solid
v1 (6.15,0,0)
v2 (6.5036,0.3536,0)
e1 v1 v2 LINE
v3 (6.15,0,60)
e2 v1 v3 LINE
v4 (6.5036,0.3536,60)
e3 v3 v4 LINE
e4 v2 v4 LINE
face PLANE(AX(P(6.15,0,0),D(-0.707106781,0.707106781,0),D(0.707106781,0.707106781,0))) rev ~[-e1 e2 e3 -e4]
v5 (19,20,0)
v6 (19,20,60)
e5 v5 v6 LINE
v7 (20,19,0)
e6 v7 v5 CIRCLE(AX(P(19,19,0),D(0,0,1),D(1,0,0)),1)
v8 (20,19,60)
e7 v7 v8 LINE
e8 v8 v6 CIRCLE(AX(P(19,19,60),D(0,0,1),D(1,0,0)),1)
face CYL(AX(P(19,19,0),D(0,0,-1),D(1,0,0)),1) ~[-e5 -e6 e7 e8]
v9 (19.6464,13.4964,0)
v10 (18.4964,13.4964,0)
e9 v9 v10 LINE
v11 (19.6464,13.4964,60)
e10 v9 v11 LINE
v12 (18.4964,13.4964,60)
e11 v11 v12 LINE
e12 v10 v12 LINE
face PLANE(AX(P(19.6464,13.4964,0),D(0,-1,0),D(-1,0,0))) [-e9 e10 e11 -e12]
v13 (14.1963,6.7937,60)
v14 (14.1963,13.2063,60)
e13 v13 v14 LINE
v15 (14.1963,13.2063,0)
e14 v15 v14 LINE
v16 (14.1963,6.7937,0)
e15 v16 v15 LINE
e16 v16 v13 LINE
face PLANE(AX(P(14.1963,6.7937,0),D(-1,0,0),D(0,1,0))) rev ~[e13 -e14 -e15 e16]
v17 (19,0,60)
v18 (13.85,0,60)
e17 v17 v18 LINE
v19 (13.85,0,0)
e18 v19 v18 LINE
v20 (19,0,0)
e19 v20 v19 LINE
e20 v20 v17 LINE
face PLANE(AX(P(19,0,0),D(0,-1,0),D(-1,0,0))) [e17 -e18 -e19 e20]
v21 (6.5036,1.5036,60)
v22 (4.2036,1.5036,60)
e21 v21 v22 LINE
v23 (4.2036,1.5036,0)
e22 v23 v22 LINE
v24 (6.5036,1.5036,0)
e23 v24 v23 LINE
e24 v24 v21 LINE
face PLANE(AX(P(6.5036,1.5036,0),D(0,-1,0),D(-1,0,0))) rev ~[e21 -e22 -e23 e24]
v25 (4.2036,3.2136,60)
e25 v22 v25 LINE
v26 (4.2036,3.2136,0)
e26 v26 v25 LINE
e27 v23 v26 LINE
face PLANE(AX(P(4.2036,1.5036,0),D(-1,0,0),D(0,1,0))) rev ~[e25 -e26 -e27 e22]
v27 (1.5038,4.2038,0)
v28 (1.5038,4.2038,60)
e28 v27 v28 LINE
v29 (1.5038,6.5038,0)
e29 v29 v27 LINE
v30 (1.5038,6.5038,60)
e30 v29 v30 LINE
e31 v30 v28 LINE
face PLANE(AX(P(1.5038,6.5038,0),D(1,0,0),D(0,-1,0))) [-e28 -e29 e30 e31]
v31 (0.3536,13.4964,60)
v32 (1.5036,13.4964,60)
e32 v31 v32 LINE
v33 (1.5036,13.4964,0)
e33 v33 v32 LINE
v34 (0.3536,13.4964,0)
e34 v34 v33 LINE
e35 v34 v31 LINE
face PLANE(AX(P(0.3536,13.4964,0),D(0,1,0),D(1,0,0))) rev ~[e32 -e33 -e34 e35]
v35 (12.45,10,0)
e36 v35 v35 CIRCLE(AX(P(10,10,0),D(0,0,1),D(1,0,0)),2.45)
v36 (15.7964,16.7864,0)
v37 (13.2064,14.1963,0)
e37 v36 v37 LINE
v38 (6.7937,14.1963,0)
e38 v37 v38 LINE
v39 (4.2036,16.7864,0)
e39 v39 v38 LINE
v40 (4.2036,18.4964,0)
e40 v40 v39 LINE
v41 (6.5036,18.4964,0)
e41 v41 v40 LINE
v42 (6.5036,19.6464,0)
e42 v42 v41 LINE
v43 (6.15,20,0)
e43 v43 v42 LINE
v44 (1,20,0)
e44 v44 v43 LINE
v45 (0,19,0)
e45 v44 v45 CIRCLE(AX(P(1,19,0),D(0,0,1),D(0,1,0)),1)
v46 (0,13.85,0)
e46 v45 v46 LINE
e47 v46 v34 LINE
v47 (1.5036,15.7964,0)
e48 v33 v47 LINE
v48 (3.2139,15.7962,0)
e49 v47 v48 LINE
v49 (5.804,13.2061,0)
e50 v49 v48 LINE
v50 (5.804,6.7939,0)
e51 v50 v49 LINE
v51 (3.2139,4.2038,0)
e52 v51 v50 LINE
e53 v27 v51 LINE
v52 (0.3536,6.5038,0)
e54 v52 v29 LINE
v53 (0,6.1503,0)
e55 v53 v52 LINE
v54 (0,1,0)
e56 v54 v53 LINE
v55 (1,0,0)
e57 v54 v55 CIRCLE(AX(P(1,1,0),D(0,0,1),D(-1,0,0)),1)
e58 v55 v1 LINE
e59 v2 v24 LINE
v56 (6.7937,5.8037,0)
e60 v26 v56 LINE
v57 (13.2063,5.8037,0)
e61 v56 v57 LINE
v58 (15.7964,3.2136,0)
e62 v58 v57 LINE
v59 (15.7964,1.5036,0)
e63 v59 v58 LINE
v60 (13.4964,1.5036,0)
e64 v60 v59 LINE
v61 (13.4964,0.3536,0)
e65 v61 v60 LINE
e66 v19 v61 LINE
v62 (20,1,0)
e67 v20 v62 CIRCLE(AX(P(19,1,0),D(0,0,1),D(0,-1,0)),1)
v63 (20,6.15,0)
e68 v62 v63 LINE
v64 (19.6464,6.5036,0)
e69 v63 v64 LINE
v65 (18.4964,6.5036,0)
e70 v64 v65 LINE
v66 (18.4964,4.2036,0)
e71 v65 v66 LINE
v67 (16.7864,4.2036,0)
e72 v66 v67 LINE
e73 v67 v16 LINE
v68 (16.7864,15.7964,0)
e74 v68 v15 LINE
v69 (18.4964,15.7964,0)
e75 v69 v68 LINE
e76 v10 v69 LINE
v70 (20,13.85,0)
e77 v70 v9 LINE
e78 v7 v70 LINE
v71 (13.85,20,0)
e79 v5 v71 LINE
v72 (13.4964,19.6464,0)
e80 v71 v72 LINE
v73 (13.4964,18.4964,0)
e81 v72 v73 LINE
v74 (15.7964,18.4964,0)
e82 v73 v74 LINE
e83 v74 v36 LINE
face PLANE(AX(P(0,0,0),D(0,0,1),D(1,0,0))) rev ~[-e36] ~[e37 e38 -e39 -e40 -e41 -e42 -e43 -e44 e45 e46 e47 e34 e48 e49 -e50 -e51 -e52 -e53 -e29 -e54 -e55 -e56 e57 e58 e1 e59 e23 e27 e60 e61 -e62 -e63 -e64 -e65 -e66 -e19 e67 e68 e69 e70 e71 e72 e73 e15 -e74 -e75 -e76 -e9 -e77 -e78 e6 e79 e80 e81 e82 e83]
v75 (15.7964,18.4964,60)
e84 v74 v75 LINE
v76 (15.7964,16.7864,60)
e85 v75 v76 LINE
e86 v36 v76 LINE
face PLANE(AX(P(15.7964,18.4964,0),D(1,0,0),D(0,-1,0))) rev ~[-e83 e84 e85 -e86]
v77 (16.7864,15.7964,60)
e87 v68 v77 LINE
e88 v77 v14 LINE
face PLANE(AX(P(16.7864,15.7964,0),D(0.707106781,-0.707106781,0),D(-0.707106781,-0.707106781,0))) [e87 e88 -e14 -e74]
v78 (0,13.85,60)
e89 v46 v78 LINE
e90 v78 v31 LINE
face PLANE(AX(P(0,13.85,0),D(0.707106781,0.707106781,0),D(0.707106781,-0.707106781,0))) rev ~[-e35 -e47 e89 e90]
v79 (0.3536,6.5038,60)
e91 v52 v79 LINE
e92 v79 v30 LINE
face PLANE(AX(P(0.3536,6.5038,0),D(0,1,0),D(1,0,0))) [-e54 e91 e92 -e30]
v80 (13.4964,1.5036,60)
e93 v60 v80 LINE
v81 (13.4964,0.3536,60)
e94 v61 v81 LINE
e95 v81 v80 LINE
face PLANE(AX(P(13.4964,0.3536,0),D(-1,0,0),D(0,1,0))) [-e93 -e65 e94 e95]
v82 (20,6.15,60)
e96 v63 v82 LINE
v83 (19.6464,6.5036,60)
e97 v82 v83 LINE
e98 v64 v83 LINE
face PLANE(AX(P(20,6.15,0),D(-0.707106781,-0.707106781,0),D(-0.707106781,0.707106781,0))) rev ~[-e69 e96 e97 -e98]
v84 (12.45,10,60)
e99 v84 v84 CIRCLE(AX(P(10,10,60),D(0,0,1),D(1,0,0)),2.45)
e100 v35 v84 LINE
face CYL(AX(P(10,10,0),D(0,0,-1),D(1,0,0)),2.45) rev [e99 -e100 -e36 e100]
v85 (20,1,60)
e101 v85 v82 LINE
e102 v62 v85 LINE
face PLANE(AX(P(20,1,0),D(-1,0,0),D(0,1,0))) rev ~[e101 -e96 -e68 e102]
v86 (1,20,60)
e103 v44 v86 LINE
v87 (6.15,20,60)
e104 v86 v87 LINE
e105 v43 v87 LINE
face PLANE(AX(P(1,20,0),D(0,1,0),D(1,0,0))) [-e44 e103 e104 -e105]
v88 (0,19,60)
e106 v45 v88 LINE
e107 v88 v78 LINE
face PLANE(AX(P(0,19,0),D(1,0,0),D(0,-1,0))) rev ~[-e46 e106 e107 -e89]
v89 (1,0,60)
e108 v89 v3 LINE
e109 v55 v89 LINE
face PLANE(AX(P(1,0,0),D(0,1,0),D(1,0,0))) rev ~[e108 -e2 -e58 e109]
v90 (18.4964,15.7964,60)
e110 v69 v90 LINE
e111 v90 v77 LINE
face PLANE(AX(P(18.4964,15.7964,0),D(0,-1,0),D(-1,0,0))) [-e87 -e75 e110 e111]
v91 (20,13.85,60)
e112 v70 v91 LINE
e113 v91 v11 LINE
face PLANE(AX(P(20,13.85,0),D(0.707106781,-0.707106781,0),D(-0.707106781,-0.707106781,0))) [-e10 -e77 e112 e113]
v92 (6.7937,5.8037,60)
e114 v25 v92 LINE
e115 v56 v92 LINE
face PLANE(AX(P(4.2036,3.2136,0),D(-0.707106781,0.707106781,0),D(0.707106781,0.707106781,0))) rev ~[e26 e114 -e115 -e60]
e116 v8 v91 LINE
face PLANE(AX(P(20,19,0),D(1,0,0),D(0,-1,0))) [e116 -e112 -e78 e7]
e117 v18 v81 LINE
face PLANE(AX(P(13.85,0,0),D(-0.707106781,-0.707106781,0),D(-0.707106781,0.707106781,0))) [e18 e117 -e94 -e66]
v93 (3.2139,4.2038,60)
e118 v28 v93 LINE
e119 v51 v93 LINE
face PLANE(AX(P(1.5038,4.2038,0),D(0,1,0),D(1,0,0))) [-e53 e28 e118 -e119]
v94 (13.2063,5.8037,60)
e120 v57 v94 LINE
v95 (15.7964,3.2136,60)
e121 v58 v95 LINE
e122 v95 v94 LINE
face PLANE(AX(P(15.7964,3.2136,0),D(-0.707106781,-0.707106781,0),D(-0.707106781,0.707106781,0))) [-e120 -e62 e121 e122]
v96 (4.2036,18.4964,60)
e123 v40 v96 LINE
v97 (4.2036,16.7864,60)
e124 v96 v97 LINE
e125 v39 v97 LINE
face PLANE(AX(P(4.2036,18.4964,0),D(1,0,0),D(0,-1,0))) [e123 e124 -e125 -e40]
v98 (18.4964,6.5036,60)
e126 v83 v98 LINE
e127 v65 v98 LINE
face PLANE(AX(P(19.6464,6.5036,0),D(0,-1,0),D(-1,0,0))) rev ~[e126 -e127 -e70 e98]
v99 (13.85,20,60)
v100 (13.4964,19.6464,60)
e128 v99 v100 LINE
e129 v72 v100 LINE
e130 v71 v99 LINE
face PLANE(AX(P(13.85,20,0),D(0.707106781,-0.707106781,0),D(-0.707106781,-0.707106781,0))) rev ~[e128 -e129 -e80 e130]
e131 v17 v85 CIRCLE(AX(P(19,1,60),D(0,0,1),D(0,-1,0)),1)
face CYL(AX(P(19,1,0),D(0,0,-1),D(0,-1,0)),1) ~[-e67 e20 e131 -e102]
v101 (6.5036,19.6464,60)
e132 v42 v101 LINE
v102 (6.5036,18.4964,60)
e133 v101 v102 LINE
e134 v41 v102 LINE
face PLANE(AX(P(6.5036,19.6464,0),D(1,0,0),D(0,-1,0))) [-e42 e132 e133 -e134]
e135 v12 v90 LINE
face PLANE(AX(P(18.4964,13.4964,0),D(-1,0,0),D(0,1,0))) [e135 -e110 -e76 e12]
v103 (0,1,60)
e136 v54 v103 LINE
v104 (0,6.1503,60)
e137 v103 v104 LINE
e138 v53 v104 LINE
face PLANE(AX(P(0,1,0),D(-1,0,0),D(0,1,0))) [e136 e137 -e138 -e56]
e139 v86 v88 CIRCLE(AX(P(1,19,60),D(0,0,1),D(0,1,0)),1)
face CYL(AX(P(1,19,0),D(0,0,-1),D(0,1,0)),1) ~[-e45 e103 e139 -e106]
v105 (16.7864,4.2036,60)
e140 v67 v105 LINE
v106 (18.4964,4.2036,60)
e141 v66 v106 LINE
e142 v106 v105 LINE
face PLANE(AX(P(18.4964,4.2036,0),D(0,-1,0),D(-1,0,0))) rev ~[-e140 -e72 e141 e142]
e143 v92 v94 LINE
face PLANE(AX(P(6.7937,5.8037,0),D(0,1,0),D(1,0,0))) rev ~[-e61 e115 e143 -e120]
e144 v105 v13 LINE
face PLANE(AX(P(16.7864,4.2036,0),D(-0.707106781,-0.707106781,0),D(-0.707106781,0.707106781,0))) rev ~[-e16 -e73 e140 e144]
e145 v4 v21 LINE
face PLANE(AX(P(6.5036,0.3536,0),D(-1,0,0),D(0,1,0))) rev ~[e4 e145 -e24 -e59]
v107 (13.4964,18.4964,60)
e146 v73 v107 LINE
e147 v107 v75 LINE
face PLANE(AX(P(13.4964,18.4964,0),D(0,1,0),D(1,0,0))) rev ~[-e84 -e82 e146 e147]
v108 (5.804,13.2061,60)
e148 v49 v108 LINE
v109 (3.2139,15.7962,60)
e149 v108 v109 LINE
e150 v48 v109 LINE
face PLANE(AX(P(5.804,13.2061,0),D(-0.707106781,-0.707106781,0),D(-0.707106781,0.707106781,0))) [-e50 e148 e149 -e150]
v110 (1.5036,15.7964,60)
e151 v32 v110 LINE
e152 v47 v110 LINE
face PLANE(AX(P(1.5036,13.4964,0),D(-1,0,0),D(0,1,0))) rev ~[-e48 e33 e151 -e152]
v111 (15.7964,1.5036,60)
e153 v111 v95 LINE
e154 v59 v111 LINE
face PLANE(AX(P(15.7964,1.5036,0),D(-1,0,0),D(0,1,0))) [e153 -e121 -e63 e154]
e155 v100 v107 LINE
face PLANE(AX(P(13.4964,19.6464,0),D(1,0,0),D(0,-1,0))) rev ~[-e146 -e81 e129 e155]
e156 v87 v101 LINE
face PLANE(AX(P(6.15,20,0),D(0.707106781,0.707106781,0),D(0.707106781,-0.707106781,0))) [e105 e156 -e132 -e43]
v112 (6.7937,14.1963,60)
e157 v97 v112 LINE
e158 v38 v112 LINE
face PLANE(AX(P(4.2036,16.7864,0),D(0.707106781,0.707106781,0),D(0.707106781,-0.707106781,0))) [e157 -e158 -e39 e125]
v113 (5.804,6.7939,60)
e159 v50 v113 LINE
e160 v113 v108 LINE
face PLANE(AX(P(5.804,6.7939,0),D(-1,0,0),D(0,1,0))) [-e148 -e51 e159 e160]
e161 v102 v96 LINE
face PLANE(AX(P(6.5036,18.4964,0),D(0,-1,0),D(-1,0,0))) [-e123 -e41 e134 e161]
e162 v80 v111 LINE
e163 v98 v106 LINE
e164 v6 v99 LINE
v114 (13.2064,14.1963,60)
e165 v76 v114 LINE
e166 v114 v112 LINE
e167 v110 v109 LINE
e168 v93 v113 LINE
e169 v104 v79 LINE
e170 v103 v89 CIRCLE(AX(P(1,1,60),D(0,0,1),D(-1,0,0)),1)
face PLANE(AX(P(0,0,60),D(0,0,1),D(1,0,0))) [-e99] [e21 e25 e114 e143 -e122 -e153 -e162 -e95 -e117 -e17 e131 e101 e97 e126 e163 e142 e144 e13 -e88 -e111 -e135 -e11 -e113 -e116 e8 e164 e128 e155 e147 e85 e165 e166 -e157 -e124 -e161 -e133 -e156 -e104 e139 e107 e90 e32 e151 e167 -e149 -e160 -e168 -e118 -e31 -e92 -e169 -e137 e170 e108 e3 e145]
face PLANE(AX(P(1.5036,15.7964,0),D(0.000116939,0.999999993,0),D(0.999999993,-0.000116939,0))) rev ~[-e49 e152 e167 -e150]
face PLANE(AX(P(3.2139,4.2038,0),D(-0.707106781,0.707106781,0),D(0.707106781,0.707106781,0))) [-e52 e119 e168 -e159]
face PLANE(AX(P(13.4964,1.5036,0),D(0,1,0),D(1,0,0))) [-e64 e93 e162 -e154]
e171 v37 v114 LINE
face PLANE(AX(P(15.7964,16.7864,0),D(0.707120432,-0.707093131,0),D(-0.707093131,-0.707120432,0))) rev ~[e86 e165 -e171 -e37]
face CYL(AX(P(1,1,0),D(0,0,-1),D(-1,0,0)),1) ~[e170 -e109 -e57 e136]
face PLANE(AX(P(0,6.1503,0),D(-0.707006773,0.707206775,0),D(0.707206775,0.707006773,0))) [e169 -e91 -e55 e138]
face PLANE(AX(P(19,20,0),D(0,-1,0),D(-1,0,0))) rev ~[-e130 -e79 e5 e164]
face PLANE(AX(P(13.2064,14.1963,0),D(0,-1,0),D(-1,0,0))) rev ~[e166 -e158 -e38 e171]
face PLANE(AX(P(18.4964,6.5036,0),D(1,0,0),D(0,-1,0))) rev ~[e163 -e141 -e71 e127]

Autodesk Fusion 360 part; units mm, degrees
sketch "Sketch1" plane through (0, 0, 0) normal (0, 0, 1) x (1, 0, 0)
  line L0 (0, 1) -> (0, 6.1503)
  line L1 (1, 0) -> (6.15, 0)
  line L2 (0.3536, 6.5038) -> (1.5038, 6.5038)
  line L3 (1.5038, 6.5038) -> (1.5038, 4.2038)
  line L4 (1.5038, 4.2038) -> (3.2139, 4.2038)
  line L5 (3.2139, 4.2038) -> (5.804, 6.7939)
  line L6 (6.5036, 0.3536) -> (6.5036, 1.5036)
  line L7 (6.5036, 1.5036) -> (4.2036, 1.5036)
  line L8 (4.2036, 1.5036) -> (4.2036, 3.2136)
  line L9 (4.2036, 3.2136) -> (6.7937, 5.8037)
  line L10 (0, 6.1503) -> (0.3536, 6.5038)
  line L11 (6.15, 0) -> (6.5036, 0.3536)
  circle A0 centre (10, 10) radius 2.45
  line L12 (10, 10) -> (0, 0) construction
  line L13 (0, 19) -> (0, 13.85)
  line L14 (1, 20) -> (6.15, 20)
  line L15 (0, 13.85) -> (0.3536, 13.4964)
  line L16 (0, 13.85) -> (0.5, 13.85) construction
  line L17 (0.3536, 13.4964) -> (1.5036, 13.4964)
  line L18 (1.5036, 13.4964) -> (1.5036, 15.7964)
  line L19 (0, 20) -> (10, 10) construction
  line L20 (5.804, 6.7939) -> (5.804, 13.2061)
  line L21 (5.804, 13.2061) -> (3.2139, 15.7962)
  line L22 (1.5036, 15.7964) -> (3.2139, 15.7962)
  line L23 (6.15, 20) -> (6.5036, 19.6464)
  line L24 (6.15, 20) -> (6.65, 20) construction
  line L25 (6.5036, 19.6464) -> (6.5036, 18.4964)
  line L26 (6.5036, 18.4964) -> (4.2036, 18.4964)
  line L27 (4.2036, 18.4964) -> (4.2036, 16.7864)
  line L28 (4.2036, 16.7864) -> (6.7937, 14.1963)
  line L29 (10, 10) -> (20, 20) construction
  line L30 (10, 10) -> (20, 0) construction
  line L31 (19, 20) -> (13.85, 20)
  line L32 (20, 19) -> (20, 13.85)
  line L33 (13.85, 20) -> (13.4964, 19.6464)
  line L34 (13.85, 20) -> (14.35, 20) construction
  line L35 (13.4964, 19.6464) -> (13.4964, 18.4964)
  line L36 (20, 13.85) -> (19.6464, 13.4964)
  line L37 (20, 13.85) -> (20.5, 13.85) construction
  line L38 (19.6464, 13.4964) -> (18.4964, 13.4964)
  line L39 (13.4964, 18.4964) -> (15.7964, 18.4964)
  line L40 (18.4964, 13.4964) -> (18.4964, 15.7964)
  line L41 (15.7964, 18.4964) -> (15.7964, 16.7864)
  line L42 (15.7964, 16.7864) -> (13.2064, 14.1963)
  line L43 (13.2064, 14.1963) -> (6.7937, 14.1963)
  line L44 (18.4964, 15.7964) -> (16.7864, 15.7964)
  line L45 (16.7864, 15.7964) -> (14.1963, 13.2063)
  line L46 (19, 0) -> (13.85, 0)
  line L47 (20, 1) -> (20, 6.15)
  line L48 (13.85, 0) -> (13.4964, 0.3536)
  line L49 (13.85, 0) -> (14.35, 0) construction
  line L50 (13.4964, 0.3536) -> (13.4964, 1.5036)
  line L51 (13.4964, 1.5036) -> (15.7964, 1.5036)
  line L52 (15.7964, 1.5036) -> (15.7964, 3.2136)
  line L53 (15.7964, 3.2136) -> (13.2063, 5.8037)
  line L54 (6.7937, 5.8037) -> (13.2063, 5.8037)
  line L55 (20, 6.15) -> (19.6464, 6.5036)
  line L56 (20, 6.15) -> (20.5, 6.15) construction
  line L57 (19.6464, 6.5036) -> (18.4964, 6.5036)
  line L58 (18.4964, 6.5036) -> (18.4964, 4.2036)
  line L59 (18.4964, 4.2036) -> (16.7864, 4.2036)
  line L60 (16.7864, 4.2036) -> (14.1963, 6.7937)
  line L61 (14.1963, 6.7937) -> (14.1963, 13.2063)
  arc A1 (0, 1) -> (1, 0) centre (1, 1) ccw
  arc A2 (1, 20) -> (0, 19) centre (1, 19) ccw
  arc A3 (20, 19) -> (19, 20) centre (19, 19) ccw
  arc A4 (19, 0) -> (20, 1) centre (19, 1) ccw
  dimension "d9" = 2.3
  dimension "d11" = 3.663
  dimension "d13" = 2.3
  dimension "d17" = 135
  dimension "d18" = 135
  dimension "d19" = 135
  dimension "d20" = 6.1503
  dimension "d21" = 1.1503
  dimension "d22" = 0.5
  dimension "d23" = 135
  dimension "d24" = 0.5
  dimension "d25" = 6.15
  dimension "d26" = 1.15
  dimension "d27" = 4.9
  dimension "d28" = 10
  dimension "d29" = 10
  dimension "d30" = 1.4
  dimension "d31" = 0.7
  dimension "d32" = 6.15
  dimension "d33" = 20
  dimension "d34" = 6.15
  dimension "d35" = 45
  dimension "d36" = 0.5
  dimension "d37" = 1.15
  dimension "d38" = 2.3
  dimension "d40" = 3.663
  dimension "d41" = 0.7
  dimension "d42" = 0.5
  dimension "d43" = 45
  dimension "d44" = 1.15
  dimension "d45" = 2.3
  dimension "d47" = 3.663
  dimension "d48" = 0.7
  dimension "d49" = 6.15
  dimension "d50" = 6.15
  dimension "d51" = 135
  dimension "d52" = 0.5
  dimension "d53" = 1.15
  dimension "d54" = 20
  dimension "d55" = 135
  dimension "d56" = 0.5
  dimension "d57" = 1.15
  dimension "d58" = 2.3
  dimension "d59" = 2.3
  dimension "d61" = 0.7
  dimension "d63" = 3.663
  dimension "d64" = 0.7
  dimension "d65" = 6.15
  dimension "d66" = 6.15
  dimension "d67" = 135
  dimension "d68" = 0.5
  dimension "d69" = 20
  dimension "d70" = 1.15
  dimension "d71" = 2.3
  dimension "d73" = 0.7
  dimension "d74" = 135
  dimension "d75" = 0.5
  dimension "d76" = 1.15
  dimension "d77" = 2.3
  dimension "d78" = 1.71
  dimension "d79" = 1
  dimension "d80" = 1
  dimension "d81" = 1
  dimension "d82" = 1
  dimension "d83" = 1
  dimension "d84" = 1
extrude "Extrude1" add sketch "Sketch1" along normal blind 60
